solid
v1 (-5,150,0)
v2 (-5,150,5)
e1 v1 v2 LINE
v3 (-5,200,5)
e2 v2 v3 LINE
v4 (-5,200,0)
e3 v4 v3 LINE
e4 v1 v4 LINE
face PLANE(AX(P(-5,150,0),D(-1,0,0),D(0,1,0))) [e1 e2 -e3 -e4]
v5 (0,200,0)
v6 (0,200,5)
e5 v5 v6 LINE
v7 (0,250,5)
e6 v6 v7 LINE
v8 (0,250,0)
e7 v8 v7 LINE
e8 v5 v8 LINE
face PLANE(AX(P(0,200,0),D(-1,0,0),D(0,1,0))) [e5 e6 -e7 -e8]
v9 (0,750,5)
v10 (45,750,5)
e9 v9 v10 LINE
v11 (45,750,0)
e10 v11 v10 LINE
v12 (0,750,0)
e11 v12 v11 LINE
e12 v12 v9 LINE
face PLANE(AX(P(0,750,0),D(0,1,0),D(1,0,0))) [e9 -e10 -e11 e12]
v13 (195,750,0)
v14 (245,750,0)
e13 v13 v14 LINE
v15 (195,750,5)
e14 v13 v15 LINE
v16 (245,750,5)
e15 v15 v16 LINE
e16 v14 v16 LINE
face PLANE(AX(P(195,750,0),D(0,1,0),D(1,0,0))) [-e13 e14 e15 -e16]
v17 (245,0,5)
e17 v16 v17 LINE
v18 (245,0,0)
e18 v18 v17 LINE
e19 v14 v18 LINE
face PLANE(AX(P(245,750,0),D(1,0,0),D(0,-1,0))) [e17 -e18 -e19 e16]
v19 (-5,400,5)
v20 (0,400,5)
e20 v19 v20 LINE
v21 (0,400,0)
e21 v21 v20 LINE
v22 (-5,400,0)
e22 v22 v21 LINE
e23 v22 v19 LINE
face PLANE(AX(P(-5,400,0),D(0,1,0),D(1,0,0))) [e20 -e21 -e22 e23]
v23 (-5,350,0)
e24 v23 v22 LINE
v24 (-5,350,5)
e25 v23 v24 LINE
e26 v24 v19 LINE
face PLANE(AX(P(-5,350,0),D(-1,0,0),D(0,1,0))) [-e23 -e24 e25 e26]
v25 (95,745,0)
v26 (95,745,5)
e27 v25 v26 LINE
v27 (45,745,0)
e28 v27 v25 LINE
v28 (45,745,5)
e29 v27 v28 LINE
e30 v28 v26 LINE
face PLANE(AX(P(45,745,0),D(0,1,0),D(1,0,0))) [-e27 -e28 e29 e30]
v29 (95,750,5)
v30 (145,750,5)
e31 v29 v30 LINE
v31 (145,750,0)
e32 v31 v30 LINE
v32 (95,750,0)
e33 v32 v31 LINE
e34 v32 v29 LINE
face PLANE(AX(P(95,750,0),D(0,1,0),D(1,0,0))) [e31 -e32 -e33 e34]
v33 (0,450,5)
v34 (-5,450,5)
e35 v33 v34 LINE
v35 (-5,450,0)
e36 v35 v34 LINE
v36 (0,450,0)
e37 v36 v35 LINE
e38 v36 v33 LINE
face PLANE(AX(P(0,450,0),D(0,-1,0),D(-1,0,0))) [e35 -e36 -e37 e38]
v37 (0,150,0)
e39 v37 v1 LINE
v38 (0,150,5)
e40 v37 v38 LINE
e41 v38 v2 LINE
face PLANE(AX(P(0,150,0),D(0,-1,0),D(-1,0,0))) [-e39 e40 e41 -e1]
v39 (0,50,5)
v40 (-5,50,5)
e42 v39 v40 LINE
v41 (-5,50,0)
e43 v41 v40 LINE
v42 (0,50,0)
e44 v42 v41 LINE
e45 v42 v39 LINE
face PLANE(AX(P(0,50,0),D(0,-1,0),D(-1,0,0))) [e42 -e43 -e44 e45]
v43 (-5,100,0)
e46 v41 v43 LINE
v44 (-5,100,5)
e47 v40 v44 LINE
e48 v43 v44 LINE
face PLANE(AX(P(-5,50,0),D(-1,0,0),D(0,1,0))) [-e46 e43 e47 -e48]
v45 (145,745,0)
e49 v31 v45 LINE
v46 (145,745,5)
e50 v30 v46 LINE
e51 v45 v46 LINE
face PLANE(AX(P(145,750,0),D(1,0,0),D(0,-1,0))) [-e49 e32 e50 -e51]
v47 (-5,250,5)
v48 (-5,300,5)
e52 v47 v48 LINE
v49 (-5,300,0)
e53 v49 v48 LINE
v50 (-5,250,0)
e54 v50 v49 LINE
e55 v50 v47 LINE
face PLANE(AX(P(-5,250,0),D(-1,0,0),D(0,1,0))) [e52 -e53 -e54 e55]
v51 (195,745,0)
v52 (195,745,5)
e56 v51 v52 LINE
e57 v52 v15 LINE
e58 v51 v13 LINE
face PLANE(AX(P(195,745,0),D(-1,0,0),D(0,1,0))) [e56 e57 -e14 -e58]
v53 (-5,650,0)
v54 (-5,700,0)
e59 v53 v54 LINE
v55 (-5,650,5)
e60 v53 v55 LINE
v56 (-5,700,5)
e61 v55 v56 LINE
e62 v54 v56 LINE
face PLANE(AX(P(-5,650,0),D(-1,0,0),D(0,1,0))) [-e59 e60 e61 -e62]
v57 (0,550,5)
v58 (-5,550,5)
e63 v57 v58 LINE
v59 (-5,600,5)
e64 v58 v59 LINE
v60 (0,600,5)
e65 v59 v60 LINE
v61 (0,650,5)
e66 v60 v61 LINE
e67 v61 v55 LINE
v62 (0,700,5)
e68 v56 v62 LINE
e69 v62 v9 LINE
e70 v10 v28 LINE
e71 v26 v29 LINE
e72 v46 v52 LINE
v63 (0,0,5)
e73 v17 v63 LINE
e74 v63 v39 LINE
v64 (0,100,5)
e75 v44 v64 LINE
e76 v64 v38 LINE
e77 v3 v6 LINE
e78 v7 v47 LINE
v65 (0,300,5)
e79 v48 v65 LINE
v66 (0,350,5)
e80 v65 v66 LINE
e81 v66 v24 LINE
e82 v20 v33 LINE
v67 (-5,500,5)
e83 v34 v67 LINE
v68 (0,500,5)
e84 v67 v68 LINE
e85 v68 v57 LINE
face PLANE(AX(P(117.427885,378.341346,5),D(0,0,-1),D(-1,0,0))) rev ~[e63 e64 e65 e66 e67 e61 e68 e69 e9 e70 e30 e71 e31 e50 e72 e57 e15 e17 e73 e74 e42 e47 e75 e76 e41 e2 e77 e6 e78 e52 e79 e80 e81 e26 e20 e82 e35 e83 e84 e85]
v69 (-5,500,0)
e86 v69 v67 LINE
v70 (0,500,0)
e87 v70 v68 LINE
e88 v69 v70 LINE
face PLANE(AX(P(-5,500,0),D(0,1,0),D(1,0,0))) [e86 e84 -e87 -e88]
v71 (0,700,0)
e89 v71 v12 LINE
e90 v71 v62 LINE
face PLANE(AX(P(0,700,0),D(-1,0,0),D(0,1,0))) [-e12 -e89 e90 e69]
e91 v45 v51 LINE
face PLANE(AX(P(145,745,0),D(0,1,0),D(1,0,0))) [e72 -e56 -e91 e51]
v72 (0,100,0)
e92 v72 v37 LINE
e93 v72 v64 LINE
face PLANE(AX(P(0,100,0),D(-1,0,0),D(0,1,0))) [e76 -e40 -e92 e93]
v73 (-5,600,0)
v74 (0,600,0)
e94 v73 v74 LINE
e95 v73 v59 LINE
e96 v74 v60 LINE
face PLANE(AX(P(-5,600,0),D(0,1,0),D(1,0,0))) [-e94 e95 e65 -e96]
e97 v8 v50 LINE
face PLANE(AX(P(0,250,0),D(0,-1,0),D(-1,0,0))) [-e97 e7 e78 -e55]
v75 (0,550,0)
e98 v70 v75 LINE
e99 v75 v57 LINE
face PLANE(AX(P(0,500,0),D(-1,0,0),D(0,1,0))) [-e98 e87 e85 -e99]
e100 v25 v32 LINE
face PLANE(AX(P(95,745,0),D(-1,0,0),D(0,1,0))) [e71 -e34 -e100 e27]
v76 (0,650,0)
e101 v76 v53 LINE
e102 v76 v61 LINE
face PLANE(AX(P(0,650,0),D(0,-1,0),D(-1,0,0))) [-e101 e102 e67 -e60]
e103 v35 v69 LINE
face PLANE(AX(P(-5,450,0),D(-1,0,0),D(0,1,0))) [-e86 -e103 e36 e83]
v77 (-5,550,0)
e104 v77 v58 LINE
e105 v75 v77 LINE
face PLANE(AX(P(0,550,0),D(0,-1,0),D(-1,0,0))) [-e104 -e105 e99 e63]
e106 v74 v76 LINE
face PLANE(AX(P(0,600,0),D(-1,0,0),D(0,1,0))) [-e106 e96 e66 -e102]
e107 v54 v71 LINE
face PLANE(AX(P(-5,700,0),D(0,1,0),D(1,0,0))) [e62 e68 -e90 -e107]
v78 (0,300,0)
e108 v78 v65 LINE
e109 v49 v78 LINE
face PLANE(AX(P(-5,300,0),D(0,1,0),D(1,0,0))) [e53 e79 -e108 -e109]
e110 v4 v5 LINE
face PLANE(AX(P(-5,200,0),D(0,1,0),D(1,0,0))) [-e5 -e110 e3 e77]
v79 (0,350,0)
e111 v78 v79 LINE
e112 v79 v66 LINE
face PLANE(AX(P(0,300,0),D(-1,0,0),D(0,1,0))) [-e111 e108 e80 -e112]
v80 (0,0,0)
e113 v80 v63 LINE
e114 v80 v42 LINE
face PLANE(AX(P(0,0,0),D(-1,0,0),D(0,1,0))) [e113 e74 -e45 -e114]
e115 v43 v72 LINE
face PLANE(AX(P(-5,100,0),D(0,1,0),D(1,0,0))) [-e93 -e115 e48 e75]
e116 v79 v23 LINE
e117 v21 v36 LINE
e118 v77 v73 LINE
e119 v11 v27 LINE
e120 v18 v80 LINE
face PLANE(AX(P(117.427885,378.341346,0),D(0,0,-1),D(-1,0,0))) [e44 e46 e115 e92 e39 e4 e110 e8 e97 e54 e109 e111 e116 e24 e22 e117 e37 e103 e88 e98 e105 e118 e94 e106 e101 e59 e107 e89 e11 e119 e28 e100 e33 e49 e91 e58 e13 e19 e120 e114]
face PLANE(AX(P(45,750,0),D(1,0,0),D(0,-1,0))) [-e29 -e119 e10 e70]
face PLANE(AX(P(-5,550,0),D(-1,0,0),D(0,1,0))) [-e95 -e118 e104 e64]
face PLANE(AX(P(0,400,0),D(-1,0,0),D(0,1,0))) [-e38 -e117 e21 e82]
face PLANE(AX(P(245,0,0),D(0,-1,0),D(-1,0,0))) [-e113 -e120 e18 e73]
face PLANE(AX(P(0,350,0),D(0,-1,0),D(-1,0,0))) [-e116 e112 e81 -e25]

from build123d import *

# Parameters (mm, degrees)
BOSS_EXTRU_1_DEPTH = 5


with BuildPart() as part:
    # Esquisse1 → Boss.-Extru.1 (new body)
    with BuildSketch(Plane.XY):
        Polygon((0, 0), (0, 50), (-5, 50), (-5, 100), (0, 100), (0, 150), (-5, 150), (-5, 200), (0, 200), (0, 250), (-5, 250), (-5, 300), (0, 300), (0, 350), (-5, 350), (-5, 400), (0, 400), (0, 450), (-5, 450), (-5, 500), (0, 500), (0, 550), (-5, 550), (-5, 600), (0, 600), (0, 650), (-5, 650), (-5, 700), (0, 700), (0, 750), (45, 750), (45, 745), (95, 745), (95, 750), (145, 750), (145, 745), (195, 745), (195, 750), (245, 750), (245, 0), align=None)
    extrude(amount=BOSS_EXTRU_1_DEPTH)


solid = part.part
